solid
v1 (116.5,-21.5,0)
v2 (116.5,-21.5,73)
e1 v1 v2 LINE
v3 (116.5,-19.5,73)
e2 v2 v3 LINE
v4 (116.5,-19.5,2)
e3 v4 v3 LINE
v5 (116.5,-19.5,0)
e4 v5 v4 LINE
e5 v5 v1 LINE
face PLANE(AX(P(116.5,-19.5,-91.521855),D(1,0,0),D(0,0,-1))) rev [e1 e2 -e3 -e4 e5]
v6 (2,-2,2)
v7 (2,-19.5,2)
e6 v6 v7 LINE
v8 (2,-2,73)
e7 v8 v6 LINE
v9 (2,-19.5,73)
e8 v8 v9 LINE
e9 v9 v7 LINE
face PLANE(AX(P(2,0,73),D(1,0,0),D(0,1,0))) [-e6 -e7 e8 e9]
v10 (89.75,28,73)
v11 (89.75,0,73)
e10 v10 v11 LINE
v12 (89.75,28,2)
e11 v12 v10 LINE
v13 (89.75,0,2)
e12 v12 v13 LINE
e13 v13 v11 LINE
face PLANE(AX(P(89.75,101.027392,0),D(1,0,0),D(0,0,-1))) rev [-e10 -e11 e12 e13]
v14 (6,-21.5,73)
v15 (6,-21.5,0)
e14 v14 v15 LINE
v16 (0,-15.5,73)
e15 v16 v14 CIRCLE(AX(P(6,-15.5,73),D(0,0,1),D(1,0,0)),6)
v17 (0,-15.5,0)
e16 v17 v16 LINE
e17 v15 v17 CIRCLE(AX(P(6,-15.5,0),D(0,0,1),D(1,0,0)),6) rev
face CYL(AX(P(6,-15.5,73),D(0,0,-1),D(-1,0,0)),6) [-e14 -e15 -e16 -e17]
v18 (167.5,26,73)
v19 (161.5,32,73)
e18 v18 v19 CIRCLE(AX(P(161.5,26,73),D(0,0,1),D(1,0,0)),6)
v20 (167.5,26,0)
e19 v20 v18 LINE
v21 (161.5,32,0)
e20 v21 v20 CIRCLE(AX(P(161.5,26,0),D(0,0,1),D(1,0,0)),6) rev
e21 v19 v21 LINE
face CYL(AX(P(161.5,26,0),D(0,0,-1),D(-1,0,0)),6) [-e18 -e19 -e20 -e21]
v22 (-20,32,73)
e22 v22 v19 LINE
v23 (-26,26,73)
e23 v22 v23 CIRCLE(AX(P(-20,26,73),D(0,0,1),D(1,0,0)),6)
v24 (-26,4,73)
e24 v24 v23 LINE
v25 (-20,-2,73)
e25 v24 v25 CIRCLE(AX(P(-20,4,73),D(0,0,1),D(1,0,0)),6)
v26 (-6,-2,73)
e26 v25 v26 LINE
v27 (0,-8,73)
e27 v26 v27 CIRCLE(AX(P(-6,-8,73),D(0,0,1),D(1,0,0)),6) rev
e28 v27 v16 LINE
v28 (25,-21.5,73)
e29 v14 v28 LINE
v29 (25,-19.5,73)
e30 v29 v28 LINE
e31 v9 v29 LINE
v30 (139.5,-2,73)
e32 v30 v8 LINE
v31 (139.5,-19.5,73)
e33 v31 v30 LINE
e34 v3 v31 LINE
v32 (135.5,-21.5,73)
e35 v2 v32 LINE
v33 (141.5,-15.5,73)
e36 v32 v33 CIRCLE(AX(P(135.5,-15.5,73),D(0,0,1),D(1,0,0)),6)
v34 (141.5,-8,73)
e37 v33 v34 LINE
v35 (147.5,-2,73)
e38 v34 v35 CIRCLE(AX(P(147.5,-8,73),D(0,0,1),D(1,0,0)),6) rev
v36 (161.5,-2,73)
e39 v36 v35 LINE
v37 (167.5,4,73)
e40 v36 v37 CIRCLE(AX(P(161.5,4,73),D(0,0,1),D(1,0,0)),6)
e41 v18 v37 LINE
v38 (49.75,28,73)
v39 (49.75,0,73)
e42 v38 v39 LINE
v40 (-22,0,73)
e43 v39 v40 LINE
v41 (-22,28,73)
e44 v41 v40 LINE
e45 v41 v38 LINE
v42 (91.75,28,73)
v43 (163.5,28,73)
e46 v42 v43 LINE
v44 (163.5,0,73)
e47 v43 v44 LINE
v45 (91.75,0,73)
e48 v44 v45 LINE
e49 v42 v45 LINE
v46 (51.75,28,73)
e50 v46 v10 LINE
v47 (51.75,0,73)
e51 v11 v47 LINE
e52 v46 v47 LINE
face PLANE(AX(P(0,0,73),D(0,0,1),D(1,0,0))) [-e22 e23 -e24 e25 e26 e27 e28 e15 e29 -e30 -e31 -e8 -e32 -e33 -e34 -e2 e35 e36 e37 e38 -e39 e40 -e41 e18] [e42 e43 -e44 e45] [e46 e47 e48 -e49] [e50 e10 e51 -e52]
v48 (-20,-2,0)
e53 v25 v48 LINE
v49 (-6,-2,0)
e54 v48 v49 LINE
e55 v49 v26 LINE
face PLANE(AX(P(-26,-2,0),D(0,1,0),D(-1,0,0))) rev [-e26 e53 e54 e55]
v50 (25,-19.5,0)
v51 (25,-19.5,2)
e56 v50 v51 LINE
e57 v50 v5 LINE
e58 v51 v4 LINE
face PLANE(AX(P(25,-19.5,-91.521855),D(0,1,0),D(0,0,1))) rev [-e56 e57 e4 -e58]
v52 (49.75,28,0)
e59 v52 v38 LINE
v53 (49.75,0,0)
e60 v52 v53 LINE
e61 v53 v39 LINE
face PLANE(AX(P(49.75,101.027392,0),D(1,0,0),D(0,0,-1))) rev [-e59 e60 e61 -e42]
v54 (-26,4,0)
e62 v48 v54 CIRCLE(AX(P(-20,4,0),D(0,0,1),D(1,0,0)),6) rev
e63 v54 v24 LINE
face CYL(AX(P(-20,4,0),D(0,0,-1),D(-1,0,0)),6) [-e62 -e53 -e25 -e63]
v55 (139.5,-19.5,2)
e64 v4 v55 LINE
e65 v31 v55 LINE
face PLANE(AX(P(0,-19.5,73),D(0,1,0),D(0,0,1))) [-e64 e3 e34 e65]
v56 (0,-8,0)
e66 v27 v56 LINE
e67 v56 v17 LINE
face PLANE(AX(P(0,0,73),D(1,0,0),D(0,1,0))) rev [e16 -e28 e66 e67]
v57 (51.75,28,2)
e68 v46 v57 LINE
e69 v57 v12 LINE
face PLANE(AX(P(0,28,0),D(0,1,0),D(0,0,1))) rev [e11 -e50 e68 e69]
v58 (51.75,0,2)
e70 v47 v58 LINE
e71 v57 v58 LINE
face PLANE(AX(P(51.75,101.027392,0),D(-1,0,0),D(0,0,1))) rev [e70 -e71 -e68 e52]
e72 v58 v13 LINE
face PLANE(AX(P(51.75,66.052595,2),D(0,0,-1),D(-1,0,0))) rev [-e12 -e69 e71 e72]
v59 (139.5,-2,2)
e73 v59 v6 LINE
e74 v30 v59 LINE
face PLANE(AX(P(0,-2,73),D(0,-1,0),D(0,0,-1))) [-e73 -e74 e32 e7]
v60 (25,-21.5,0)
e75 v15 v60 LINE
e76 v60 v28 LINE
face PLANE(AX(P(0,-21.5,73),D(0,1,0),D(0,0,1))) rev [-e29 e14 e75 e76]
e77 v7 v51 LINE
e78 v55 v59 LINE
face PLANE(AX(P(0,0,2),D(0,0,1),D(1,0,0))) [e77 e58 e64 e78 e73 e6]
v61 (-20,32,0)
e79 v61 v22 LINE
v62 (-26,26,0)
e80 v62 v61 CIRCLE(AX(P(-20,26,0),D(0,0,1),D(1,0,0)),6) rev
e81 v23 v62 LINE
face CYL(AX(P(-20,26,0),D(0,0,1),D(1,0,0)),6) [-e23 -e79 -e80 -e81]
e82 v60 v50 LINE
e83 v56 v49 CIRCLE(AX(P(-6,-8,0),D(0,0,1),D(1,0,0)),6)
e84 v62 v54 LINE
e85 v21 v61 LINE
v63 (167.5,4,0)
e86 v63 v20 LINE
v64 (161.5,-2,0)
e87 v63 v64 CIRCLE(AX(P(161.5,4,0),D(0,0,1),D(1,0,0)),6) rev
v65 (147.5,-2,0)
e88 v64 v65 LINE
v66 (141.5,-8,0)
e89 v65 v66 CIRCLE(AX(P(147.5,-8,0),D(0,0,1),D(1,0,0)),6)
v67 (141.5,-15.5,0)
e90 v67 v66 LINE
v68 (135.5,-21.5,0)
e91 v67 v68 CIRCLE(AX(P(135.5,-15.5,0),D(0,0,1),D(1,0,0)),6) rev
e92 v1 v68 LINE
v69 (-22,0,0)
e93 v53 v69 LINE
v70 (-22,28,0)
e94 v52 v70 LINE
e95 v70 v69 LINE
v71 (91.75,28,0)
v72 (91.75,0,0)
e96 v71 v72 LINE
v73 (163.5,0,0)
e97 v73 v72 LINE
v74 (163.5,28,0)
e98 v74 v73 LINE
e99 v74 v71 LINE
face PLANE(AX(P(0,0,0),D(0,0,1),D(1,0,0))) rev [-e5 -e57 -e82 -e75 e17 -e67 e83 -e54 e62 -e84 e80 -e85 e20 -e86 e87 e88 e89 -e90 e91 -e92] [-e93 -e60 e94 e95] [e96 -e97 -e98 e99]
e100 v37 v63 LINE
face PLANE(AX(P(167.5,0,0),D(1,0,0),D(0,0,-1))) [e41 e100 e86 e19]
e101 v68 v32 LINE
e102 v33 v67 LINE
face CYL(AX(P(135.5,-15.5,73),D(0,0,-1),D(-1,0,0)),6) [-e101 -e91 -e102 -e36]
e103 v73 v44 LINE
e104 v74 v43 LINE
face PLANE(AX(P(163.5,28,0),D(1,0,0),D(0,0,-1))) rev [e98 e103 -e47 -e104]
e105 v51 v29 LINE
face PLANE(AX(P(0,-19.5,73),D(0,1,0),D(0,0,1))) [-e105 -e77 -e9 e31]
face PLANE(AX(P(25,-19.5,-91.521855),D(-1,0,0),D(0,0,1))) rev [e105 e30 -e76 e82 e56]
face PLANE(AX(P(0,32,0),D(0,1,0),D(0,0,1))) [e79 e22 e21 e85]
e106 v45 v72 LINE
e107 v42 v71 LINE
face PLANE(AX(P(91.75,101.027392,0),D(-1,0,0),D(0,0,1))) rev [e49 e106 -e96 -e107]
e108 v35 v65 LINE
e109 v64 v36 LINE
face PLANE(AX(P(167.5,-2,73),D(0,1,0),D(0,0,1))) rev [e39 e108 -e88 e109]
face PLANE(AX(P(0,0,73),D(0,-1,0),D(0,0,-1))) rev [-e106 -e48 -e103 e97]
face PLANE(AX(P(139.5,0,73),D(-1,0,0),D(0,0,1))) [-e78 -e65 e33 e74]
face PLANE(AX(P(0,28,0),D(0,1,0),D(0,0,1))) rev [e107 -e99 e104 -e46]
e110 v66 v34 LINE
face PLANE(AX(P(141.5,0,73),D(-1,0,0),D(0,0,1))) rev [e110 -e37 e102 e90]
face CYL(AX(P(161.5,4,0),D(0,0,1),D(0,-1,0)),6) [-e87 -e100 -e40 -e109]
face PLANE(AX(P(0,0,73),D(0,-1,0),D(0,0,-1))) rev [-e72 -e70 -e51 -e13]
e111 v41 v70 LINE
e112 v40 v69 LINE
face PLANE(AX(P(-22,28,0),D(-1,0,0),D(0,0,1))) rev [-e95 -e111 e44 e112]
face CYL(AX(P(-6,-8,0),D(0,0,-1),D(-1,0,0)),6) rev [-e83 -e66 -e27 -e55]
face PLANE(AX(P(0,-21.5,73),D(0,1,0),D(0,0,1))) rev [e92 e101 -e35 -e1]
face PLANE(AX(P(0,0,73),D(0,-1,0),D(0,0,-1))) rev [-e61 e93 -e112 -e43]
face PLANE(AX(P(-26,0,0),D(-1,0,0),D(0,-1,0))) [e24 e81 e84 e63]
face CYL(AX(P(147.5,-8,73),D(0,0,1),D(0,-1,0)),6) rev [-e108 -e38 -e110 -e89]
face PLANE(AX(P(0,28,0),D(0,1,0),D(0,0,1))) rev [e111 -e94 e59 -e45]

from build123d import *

# Parameters (mm, degrees)
SKETCH2_W            = 141.5
SKETCH2_H            = 21.5
BOSS_EXTRUDE1_DEPTH  = 73
SHELL1_T             = -2
CUT_EXTRUDE1_REACH   = 162.666
SKETCH3_W            = 91.5
SKETCH3_H            = 2
SKETCH7_W            = 73
SKETCH7_H            = 2
BOSS_EXTRUDE5_DEPTH  = 26
SKETCH8_W            = 73
SKETCH8_H            = 2
BOSS_EXTRUDE6_DEPTH  = 26
SKETCH9_W            = 4
SKETCH9_H            = 73
BOSS_EXTRUDE7_DEPTH  = 28
SKETCH10_W           = 193.5
SKETCH10_H           = 73
BOSS_EXTRUDE8_DEPTH  = 4
SKETCH11_W           = 2
SKETCH11_H           = 73
BOSS_EXTRUDE9_DEPTH  = 28
SKETCH13_W           = 38
SKETCH13_H           = 2
BOSS_EXTRUDE10_DEPTH = 28
FILLET1_R            = 6


with BuildPart() as part:
    # Sketch2 → Boss-Extrude1 (new body)
    with BuildSketch(Plane.XY):
        with Locations((70.75, -10.75)):
            Rectangle(SKETCH2_W, SKETCH2_H)
    extrude(amount=BOSS_EXTRUDE1_DEPTH)

    # Shell1
    shell1_openings = [part.faces().sort_by_distance(p)[0] for p in [
        (70.75, -10.75, 73),
    ]]
    offset(amount=SHELL1_T, openings=shell1_openings, kind=Kind.INTERSECTION)

    # Cut-Extrude1: up to this face of the body (flat: up to its plane)
    cut_extrude1_end = Plane(part.part.faces().sort_by_distance((70.75, -10.75, 0))[0])
    # Sketch3 → Cut-Extrude1 (cut, up to the picked face)
    with BuildSketch(Plane.XY.offset(73), mode=Mode.PRIVATE) as cut_extrude1_sk1:
        with Locations((70.75, -20.5)):
            Rectangle(SKETCH3_W, SKETCH3_H)
    cut_extrude1_tool1 = split(extrude(cut_extrude1_sk1.sketch, amount=-CUT_EXTRUDE1_REACH, mode=Mode.PRIVATE), bisect_by=cut_extrude1_end, keep=Keep.BOTH, mode=Mode.PRIVATE)
    add(cut_extrude1_tool1.solids().sort_by(Axis((70.75, -20.5, 73), (0, 0, -1)))[0], mode=Mode.SUBTRACT)

    # Sketch7 → Boss-Extrude5 (add)
    with BuildSketch(Plane.ZY):
        with Locations((36.5, -1)):
            Rectangle(SKETCH7_W, SKETCH7_H)
    extrude(amount=BOSS_EXTRUDE5_DEPTH)

    # Sketch8 → Boss-Extrude6 (add)
    with BuildSketch(Plane(origin=(141.5, 0, 0), x_dir=(0, 0, -1), z_dir=(1, 0, 0))):
        with Locations((-36.5, -1)):
            Rectangle(SKETCH8_W, SKETCH8_H)
    extrude(amount=BOSS_EXTRUDE6_DEPTH)

    # Sketch9 → Boss-Extrude7 (add)
    with BuildSketch(Plane(origin=(0, 0, 0), x_dir=(1, 0, 0), z_dir=(0, 1, 0))):
        with Locations((165.5, -36.5)):
            Rectangle(SKETCH9_W, SKETCH9_H)
        with Locations((-24, -36.5)):
            Rectangle(SKETCH9_W, SKETCH9_H)
    extrude(amount=BOSS_EXTRUDE7_DEPTH)

    # Sketch10 → Boss-Extrude8 (add)
    with BuildSketch(Plane(origin=(0, 28, 0), x_dir=(1, 0, 0), z_dir=(0, 1, 0))):
        with Locations((70.75, -36.5)):
            Rectangle(SKETCH10_W, SKETCH10_H)
    extrude(amount=BOSS_EXTRUDE8_DEPTH)

    # Sketch11 → Boss-Extrude9 (add)
    with BuildSketch(Plane(origin=(0, 0, 0), x_dir=(1, 0, 0), z_dir=(0, 1, 0))):
        with Locations((50.75, -36.5)):
            Rectangle(SKETCH11_W, SKETCH11_H)
        with Locations((90.75, -36.5)):
            Rectangle(SKETCH11_W, SKETCH11_H)
    extrude(amount=BOSS_EXTRUDE9_DEPTH)

    # Sketch13 → Boss-Extrude10 (add)
    with BuildSketch(Plane(origin=(0, 0, 0), x_dir=(1, 0, 0), z_dir=(0, 1, 0))):
        with Locations((70.75, -1)):
            Rectangle(SKETCH13_W, SKETCH13_H)
    extrude(amount=BOSS_EXTRUDE10_DEPTH)

    # Fillet1
    fillet1_edges = [part.edges().sort_by_distance(p)[0] for p in [
        (167.5, 32, 36.5),
        (0, -2, 36.5),
        (-26, -2, 36.5),
        (141.5, -2, 36.5),
        (167.5, -2, 36.5),
        (141.5, -21.5, 36.5),
        (0, -21.5, 36.5),
        (-26, 32, 36.5),
    ]]
    fillet(fillet1_edges, radius=FILLET1_R)


solid = part.part
